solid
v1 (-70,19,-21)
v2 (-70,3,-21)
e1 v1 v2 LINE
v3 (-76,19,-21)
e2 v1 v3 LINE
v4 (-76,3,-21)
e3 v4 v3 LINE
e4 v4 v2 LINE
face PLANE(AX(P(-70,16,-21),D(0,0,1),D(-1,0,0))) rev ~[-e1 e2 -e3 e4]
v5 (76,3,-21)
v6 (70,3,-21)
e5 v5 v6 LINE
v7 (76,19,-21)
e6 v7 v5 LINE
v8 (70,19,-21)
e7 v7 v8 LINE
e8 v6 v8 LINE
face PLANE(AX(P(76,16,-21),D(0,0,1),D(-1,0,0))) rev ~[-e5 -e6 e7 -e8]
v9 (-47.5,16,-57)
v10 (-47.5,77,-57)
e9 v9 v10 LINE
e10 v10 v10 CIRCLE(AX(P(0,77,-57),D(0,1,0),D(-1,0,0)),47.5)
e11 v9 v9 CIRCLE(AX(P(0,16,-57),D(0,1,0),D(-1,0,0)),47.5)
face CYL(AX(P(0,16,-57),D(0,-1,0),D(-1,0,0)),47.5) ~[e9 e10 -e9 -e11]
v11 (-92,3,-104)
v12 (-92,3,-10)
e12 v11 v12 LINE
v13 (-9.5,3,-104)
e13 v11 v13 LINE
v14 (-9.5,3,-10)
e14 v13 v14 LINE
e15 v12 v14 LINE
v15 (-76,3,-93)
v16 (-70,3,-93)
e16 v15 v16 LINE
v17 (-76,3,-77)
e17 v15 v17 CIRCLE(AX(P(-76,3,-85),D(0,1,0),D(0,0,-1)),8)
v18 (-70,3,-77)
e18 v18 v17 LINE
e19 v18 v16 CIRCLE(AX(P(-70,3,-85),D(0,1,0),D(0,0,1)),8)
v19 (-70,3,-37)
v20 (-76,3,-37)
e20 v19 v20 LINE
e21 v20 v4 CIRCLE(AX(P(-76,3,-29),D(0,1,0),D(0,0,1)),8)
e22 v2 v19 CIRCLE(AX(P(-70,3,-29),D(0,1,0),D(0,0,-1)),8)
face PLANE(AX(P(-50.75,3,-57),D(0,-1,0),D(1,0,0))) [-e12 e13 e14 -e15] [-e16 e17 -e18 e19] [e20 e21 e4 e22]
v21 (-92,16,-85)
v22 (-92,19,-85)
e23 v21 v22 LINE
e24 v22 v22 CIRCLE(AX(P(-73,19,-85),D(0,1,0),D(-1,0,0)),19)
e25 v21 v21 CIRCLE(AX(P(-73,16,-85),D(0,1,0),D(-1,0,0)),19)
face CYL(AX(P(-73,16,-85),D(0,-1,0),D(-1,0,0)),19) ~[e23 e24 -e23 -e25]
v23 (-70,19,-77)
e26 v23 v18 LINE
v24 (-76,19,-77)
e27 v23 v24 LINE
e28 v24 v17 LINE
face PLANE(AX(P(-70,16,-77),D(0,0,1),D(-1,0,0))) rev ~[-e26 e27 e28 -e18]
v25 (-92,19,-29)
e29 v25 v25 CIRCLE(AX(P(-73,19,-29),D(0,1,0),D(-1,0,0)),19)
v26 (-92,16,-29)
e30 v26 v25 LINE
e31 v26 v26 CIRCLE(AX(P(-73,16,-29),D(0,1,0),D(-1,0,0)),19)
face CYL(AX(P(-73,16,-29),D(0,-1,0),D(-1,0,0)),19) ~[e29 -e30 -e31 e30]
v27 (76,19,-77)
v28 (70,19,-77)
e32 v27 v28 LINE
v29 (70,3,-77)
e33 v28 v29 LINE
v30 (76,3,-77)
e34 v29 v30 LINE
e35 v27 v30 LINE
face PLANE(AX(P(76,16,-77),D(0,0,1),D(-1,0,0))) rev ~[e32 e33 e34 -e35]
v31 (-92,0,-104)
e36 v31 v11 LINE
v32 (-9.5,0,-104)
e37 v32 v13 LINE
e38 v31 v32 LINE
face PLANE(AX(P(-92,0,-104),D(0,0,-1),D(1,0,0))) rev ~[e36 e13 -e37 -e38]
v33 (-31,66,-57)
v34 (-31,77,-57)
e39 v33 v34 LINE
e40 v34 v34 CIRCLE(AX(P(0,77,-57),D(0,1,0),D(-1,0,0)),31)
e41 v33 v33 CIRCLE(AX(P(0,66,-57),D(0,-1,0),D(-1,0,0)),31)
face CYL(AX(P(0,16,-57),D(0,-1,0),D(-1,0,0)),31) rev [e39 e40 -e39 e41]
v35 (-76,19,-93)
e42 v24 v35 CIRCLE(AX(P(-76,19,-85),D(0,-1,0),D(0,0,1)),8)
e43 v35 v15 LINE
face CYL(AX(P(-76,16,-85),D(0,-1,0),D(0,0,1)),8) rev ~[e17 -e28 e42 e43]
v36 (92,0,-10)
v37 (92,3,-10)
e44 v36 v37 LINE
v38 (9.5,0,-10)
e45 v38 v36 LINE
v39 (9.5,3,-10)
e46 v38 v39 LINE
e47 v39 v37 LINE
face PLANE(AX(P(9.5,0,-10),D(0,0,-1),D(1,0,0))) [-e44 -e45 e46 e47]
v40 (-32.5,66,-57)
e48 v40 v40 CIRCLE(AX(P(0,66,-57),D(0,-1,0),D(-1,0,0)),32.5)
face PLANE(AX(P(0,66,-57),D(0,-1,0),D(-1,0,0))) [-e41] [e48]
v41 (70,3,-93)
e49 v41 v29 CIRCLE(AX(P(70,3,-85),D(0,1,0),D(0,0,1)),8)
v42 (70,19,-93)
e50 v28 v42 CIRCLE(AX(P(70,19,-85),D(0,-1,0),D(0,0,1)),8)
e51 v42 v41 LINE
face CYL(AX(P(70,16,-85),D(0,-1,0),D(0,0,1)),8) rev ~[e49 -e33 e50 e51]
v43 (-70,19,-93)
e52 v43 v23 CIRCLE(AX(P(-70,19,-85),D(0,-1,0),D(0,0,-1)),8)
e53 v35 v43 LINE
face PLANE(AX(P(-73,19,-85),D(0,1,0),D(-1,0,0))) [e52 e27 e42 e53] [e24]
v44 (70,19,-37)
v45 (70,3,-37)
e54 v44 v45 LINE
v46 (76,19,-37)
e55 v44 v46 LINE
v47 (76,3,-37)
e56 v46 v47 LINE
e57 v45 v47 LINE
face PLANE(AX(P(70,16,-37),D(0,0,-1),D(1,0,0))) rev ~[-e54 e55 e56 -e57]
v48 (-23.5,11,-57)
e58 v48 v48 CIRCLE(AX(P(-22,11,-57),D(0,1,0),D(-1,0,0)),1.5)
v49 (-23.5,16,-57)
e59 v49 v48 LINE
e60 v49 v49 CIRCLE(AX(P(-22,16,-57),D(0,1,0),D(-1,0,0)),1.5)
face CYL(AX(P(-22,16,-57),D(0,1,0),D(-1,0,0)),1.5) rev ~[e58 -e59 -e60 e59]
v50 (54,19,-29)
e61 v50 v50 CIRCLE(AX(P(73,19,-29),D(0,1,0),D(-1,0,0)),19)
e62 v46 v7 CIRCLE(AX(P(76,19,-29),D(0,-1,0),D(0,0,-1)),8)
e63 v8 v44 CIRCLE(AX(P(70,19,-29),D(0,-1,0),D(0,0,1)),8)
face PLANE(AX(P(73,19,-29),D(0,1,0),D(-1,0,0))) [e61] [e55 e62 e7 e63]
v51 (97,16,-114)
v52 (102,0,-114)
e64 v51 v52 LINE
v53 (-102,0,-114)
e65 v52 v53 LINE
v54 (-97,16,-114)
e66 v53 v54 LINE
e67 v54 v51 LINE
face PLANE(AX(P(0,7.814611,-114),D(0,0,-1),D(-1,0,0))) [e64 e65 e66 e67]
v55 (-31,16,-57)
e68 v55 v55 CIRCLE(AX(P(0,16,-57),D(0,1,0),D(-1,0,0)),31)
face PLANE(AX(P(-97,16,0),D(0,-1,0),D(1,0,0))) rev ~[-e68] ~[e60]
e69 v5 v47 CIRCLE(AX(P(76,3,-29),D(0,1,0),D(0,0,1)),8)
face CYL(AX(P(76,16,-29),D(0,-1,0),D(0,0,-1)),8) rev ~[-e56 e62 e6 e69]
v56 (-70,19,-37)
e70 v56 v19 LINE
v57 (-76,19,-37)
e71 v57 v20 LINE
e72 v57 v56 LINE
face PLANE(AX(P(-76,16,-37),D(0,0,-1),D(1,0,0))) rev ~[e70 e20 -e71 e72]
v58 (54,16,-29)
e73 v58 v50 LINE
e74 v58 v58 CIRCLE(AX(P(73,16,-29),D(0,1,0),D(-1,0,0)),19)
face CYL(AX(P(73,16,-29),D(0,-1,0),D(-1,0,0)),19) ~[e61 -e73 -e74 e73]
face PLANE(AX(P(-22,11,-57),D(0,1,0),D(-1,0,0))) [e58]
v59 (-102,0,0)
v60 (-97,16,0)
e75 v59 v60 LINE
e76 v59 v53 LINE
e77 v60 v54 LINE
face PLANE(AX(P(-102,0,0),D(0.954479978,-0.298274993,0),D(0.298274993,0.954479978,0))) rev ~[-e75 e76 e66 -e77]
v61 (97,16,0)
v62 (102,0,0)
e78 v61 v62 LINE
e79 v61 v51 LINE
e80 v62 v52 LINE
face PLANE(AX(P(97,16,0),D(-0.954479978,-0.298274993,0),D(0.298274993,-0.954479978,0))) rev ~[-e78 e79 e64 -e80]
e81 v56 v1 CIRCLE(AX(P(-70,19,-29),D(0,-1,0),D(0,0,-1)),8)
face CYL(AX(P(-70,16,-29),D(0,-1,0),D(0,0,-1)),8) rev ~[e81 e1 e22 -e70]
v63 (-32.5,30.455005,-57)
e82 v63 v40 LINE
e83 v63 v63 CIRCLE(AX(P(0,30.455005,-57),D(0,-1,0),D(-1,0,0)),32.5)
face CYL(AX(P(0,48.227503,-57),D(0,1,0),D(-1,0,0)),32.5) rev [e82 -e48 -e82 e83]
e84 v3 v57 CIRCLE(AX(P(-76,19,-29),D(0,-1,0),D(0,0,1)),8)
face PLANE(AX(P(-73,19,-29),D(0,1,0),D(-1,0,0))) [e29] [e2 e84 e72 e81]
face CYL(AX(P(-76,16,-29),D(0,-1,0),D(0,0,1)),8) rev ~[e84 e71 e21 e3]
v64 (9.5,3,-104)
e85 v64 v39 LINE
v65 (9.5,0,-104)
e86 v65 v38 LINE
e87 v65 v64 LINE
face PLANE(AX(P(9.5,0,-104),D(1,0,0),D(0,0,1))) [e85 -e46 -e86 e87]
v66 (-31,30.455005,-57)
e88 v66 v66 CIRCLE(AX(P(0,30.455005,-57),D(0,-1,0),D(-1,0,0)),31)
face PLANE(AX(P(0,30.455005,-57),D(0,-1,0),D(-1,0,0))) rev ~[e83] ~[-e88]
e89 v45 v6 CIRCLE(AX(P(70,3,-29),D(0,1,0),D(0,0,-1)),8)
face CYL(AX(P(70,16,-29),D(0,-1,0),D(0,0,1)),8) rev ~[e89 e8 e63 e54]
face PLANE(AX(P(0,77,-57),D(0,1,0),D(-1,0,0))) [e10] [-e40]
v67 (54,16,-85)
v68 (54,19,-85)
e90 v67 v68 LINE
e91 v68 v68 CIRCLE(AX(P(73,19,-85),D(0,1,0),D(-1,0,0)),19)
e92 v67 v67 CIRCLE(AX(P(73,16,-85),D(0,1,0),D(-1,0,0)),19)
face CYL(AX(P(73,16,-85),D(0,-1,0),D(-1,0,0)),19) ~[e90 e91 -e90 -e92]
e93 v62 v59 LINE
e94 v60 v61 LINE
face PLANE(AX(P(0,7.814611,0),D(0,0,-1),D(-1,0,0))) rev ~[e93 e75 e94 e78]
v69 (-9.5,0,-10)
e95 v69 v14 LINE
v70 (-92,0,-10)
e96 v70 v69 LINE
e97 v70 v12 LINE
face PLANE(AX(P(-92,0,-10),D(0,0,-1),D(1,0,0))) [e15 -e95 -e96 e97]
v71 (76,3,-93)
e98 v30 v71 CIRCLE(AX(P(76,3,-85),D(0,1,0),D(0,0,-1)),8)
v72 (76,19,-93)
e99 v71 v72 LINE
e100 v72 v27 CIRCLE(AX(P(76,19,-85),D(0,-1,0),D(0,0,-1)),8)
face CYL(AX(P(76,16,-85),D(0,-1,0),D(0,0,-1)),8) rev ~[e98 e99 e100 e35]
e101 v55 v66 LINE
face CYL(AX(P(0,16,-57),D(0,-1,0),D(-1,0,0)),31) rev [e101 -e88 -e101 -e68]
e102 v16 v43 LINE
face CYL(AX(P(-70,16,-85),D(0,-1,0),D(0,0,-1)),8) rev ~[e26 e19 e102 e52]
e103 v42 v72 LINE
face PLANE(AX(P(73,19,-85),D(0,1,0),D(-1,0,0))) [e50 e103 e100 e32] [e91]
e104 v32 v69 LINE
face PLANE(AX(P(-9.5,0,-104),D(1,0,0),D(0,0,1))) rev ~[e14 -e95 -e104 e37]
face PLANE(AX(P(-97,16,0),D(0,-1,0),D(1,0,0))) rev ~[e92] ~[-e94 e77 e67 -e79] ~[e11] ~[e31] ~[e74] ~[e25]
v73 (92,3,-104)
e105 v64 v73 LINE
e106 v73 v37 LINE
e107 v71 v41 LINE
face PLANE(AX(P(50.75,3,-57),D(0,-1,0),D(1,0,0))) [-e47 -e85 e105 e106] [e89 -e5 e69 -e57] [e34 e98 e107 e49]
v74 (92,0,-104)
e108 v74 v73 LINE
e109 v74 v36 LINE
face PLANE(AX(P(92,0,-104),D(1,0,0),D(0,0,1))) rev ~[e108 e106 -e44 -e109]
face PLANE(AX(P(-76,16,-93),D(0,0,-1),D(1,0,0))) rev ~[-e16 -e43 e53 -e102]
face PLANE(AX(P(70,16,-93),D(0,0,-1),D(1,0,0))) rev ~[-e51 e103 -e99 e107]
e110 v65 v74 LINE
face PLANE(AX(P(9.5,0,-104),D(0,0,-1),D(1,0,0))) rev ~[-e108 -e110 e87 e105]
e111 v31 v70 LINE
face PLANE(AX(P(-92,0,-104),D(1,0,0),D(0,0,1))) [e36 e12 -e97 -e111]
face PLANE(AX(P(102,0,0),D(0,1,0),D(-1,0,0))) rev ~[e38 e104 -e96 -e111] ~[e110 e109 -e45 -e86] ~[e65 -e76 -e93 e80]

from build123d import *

# Parameters (mm, degrees)
BOSS_EXTRUDE1_DEPTH = 114
SKETCH3_W           = 82.5
SKETCH3_H           = 94
CUT_EXTRUDE1_DEPTH  = 3
CUT_EXTRUDE2_DEPTH  = 17
SKETCH5_R           = 19
BOSS_EXTRUDE2_DEPTH = 3
SKETCH6_R           = 47.5
SKETCH6_R_2         = 31
BOSS_EXTRUDE4_DEPTH = 61
SKETCH8_W           = 3
SKETCH8_H           = 35.544994967
SKETCH9_R           = 1.5
CUT_EXTRUDE3_DEPTH  = 5


with BuildPart() as part:
    # Sketch2 → Boss-Extrude1 (new body)
    with BuildSketch(Plane.XY):
        Polygon((-102, 0), (-97, 16), (97, 16), (102, 0), align=None)
    extrude(amount=-BOSS_EXTRUDE1_DEPTH)

    # Sketch3 → Cut-Extrude1 (cut)
    with BuildSketch(Plane.XZ):
        with Locations((-50.75, -57)):
            Rectangle(SKETCH3_W, SKETCH3_H)
        with Locations((50.75, -57)):
            Rectangle(SKETCH3_W, SKETCH3_H)
    extrude(amount=-CUT_EXTRUDE1_DEPTH, mode=Mode.SUBTRACT)

    # Sketch4 → Cut-Extrude2 (cut, through all)
    with BuildSketch(Plane(origin=(0, 16, 0), x_dir=(1, 0, 0), z_dir=(0, 1, 0))):
        with BuildLine():
            Line((-76, 77), (-70, 77))
            ThreePointArc((-70, 77), (-62, 85), (-70, 93))
            Line((-70, 93), (-76, 93))
            ThreePointArc((-76, 93), (-84, 85), (-76, 77))
        make_face()
        with BuildLine():
            ThreePointArc((70, 77), (62, 85), (70, 93))
            Line((70, 93), (76, 93))
            ThreePointArc((76, 93), (84, 85), (76, 77))
            Line((76, 77), (70, 77))
        make_face()
        with BuildLine():
            ThreePointArc((-70, 37), (-62, 29), (-70, 21))
            Line((-70, 21), (-76, 21))
            ThreePointArc((-76, 21), (-84, 29), (-76, 37))
            Line((-76, 37), (-70, 37))
        make_face()
        with BuildLine():
            Line((76, 37), (70, 37))
            ThreePointArc((70, 37), (62, 29), (70, 21))
            Line((70, 21), (76, 21))
            ThreePointArc((76, 21), (84, 29), (76, 37))
        make_face()
    extrude(amount=-CUT_EXTRUDE2_DEPTH, mode=Mode.SUBTRACT)

    # Sketch5 → Boss-Extrude2 (add)
    with BuildSketch(Plane(origin=(0, 16, 0), x_dir=(1, 0, 0), z_dir=(0, 1, 0))):
        with Locations(Location((-73, 85, 0), (0, 0, 180))):  # turned: the seam where the file's is
            Circle(SKETCH5_R)
        with BuildLine():
            ThreePointArc((-70, 93), (-62, 85), (-70, 77))
            Line((-70, 77), (-76, 77))
            ThreePointArc((-76, 77), (-84, 85), (-76, 93))
            Line((-76, 93), (-70, 93))
        make_face(mode=Mode.SUBTRACT)
        with Locations(Location((73, 85, 0), (0, 0, 180))):  # turned: the seam where the file's is
            Circle(SKETCH5_R)
        with BuildLine():
            ThreePointArc((76, 93), (84, 85), (76, 77))
            Line((76, 77), (70, 77))
            ThreePointArc((70, 77), (62, 85), (70, 93))
            Line((70, 93), (76, 93))
        make_face(mode=Mode.SUBTRACT)
        with Locations(Location((73, 29, 0), (0, 0, 180))):  # turned: the seam where the file's is
            Circle(SKETCH5_R)
        with BuildLine():
            ThreePointArc((70, 21), (62, 29), (70, 37))
            Line((70, 37), (76, 37))
            ThreePointArc((76, 37), (84, 29), (76, 21))
            Line((76, 21), (70, 21))
        make_face(mode=Mode.SUBTRACT)
        with Locations(Location((-73, 29, 0), (0, 0, 180))):  # turned: the seam where the file's is
            Circle(SKETCH5_R)
        with BuildLine():
            ThreePointArc((-76, 21), (-84, 29), (-76, 37))
            Line((-76, 37), (-70, 37))
            ThreePointArc((-70, 37), (-62, 29), (-70, 21))
            Line((-70, 21), (-76, 21))
        make_face(mode=Mode.SUBTRACT)
    extrude(amount=BOSS_EXTRUDE2_DEPTH)

    # Sketch6 → Boss-Extrude4 (add)
    with BuildSketch(Plane(origin=(0, 16, 0), x_dir=(1, 0, 0), z_dir=(0, 1, 0))):
        with Locations(Location((0, 57, 0), (0, 0, 180))):  # turned: the seam where the file's is
            Circle(SKETCH6_R)
        with Locations(Location((0, 57, 0), (0, 0, 180))):  # turned: the seam where the file's is
            Circle(SKETCH6_R_2, mode=Mode.SUBTRACT)
    extrude(amount=BOSS_EXTRUDE4_DEPTH)

    # Sketch8 → Cut-Revolve1 (revolve, cut)
    with BuildSketch(Plane.XY.offset(-57)):
        with Locations((-31, 48.227502517)):
            Rectangle(SKETCH8_W, SKETCH8_H)
    revolve(axis=Axis((0, 107.106199385, -57), (0, -1, 0)), mode=Mode.SUBTRACT)

    # Sketch9 → Cut-Extrude3 (cut)
    with BuildSketch(Plane(origin=(0, 16, 0), x_dir=(1, 0, 0), z_dir=(0, 1, 0))):
        with Locations(Location((-22, 57, 0), (0, 0, 180))):  # turned: the seam where the file's is
            Circle(SKETCH9_R)
    extrude(amount=-CUT_EXTRUDE3_DEPTH, mode=Mode.SUBTRACT)


solid = part.part
